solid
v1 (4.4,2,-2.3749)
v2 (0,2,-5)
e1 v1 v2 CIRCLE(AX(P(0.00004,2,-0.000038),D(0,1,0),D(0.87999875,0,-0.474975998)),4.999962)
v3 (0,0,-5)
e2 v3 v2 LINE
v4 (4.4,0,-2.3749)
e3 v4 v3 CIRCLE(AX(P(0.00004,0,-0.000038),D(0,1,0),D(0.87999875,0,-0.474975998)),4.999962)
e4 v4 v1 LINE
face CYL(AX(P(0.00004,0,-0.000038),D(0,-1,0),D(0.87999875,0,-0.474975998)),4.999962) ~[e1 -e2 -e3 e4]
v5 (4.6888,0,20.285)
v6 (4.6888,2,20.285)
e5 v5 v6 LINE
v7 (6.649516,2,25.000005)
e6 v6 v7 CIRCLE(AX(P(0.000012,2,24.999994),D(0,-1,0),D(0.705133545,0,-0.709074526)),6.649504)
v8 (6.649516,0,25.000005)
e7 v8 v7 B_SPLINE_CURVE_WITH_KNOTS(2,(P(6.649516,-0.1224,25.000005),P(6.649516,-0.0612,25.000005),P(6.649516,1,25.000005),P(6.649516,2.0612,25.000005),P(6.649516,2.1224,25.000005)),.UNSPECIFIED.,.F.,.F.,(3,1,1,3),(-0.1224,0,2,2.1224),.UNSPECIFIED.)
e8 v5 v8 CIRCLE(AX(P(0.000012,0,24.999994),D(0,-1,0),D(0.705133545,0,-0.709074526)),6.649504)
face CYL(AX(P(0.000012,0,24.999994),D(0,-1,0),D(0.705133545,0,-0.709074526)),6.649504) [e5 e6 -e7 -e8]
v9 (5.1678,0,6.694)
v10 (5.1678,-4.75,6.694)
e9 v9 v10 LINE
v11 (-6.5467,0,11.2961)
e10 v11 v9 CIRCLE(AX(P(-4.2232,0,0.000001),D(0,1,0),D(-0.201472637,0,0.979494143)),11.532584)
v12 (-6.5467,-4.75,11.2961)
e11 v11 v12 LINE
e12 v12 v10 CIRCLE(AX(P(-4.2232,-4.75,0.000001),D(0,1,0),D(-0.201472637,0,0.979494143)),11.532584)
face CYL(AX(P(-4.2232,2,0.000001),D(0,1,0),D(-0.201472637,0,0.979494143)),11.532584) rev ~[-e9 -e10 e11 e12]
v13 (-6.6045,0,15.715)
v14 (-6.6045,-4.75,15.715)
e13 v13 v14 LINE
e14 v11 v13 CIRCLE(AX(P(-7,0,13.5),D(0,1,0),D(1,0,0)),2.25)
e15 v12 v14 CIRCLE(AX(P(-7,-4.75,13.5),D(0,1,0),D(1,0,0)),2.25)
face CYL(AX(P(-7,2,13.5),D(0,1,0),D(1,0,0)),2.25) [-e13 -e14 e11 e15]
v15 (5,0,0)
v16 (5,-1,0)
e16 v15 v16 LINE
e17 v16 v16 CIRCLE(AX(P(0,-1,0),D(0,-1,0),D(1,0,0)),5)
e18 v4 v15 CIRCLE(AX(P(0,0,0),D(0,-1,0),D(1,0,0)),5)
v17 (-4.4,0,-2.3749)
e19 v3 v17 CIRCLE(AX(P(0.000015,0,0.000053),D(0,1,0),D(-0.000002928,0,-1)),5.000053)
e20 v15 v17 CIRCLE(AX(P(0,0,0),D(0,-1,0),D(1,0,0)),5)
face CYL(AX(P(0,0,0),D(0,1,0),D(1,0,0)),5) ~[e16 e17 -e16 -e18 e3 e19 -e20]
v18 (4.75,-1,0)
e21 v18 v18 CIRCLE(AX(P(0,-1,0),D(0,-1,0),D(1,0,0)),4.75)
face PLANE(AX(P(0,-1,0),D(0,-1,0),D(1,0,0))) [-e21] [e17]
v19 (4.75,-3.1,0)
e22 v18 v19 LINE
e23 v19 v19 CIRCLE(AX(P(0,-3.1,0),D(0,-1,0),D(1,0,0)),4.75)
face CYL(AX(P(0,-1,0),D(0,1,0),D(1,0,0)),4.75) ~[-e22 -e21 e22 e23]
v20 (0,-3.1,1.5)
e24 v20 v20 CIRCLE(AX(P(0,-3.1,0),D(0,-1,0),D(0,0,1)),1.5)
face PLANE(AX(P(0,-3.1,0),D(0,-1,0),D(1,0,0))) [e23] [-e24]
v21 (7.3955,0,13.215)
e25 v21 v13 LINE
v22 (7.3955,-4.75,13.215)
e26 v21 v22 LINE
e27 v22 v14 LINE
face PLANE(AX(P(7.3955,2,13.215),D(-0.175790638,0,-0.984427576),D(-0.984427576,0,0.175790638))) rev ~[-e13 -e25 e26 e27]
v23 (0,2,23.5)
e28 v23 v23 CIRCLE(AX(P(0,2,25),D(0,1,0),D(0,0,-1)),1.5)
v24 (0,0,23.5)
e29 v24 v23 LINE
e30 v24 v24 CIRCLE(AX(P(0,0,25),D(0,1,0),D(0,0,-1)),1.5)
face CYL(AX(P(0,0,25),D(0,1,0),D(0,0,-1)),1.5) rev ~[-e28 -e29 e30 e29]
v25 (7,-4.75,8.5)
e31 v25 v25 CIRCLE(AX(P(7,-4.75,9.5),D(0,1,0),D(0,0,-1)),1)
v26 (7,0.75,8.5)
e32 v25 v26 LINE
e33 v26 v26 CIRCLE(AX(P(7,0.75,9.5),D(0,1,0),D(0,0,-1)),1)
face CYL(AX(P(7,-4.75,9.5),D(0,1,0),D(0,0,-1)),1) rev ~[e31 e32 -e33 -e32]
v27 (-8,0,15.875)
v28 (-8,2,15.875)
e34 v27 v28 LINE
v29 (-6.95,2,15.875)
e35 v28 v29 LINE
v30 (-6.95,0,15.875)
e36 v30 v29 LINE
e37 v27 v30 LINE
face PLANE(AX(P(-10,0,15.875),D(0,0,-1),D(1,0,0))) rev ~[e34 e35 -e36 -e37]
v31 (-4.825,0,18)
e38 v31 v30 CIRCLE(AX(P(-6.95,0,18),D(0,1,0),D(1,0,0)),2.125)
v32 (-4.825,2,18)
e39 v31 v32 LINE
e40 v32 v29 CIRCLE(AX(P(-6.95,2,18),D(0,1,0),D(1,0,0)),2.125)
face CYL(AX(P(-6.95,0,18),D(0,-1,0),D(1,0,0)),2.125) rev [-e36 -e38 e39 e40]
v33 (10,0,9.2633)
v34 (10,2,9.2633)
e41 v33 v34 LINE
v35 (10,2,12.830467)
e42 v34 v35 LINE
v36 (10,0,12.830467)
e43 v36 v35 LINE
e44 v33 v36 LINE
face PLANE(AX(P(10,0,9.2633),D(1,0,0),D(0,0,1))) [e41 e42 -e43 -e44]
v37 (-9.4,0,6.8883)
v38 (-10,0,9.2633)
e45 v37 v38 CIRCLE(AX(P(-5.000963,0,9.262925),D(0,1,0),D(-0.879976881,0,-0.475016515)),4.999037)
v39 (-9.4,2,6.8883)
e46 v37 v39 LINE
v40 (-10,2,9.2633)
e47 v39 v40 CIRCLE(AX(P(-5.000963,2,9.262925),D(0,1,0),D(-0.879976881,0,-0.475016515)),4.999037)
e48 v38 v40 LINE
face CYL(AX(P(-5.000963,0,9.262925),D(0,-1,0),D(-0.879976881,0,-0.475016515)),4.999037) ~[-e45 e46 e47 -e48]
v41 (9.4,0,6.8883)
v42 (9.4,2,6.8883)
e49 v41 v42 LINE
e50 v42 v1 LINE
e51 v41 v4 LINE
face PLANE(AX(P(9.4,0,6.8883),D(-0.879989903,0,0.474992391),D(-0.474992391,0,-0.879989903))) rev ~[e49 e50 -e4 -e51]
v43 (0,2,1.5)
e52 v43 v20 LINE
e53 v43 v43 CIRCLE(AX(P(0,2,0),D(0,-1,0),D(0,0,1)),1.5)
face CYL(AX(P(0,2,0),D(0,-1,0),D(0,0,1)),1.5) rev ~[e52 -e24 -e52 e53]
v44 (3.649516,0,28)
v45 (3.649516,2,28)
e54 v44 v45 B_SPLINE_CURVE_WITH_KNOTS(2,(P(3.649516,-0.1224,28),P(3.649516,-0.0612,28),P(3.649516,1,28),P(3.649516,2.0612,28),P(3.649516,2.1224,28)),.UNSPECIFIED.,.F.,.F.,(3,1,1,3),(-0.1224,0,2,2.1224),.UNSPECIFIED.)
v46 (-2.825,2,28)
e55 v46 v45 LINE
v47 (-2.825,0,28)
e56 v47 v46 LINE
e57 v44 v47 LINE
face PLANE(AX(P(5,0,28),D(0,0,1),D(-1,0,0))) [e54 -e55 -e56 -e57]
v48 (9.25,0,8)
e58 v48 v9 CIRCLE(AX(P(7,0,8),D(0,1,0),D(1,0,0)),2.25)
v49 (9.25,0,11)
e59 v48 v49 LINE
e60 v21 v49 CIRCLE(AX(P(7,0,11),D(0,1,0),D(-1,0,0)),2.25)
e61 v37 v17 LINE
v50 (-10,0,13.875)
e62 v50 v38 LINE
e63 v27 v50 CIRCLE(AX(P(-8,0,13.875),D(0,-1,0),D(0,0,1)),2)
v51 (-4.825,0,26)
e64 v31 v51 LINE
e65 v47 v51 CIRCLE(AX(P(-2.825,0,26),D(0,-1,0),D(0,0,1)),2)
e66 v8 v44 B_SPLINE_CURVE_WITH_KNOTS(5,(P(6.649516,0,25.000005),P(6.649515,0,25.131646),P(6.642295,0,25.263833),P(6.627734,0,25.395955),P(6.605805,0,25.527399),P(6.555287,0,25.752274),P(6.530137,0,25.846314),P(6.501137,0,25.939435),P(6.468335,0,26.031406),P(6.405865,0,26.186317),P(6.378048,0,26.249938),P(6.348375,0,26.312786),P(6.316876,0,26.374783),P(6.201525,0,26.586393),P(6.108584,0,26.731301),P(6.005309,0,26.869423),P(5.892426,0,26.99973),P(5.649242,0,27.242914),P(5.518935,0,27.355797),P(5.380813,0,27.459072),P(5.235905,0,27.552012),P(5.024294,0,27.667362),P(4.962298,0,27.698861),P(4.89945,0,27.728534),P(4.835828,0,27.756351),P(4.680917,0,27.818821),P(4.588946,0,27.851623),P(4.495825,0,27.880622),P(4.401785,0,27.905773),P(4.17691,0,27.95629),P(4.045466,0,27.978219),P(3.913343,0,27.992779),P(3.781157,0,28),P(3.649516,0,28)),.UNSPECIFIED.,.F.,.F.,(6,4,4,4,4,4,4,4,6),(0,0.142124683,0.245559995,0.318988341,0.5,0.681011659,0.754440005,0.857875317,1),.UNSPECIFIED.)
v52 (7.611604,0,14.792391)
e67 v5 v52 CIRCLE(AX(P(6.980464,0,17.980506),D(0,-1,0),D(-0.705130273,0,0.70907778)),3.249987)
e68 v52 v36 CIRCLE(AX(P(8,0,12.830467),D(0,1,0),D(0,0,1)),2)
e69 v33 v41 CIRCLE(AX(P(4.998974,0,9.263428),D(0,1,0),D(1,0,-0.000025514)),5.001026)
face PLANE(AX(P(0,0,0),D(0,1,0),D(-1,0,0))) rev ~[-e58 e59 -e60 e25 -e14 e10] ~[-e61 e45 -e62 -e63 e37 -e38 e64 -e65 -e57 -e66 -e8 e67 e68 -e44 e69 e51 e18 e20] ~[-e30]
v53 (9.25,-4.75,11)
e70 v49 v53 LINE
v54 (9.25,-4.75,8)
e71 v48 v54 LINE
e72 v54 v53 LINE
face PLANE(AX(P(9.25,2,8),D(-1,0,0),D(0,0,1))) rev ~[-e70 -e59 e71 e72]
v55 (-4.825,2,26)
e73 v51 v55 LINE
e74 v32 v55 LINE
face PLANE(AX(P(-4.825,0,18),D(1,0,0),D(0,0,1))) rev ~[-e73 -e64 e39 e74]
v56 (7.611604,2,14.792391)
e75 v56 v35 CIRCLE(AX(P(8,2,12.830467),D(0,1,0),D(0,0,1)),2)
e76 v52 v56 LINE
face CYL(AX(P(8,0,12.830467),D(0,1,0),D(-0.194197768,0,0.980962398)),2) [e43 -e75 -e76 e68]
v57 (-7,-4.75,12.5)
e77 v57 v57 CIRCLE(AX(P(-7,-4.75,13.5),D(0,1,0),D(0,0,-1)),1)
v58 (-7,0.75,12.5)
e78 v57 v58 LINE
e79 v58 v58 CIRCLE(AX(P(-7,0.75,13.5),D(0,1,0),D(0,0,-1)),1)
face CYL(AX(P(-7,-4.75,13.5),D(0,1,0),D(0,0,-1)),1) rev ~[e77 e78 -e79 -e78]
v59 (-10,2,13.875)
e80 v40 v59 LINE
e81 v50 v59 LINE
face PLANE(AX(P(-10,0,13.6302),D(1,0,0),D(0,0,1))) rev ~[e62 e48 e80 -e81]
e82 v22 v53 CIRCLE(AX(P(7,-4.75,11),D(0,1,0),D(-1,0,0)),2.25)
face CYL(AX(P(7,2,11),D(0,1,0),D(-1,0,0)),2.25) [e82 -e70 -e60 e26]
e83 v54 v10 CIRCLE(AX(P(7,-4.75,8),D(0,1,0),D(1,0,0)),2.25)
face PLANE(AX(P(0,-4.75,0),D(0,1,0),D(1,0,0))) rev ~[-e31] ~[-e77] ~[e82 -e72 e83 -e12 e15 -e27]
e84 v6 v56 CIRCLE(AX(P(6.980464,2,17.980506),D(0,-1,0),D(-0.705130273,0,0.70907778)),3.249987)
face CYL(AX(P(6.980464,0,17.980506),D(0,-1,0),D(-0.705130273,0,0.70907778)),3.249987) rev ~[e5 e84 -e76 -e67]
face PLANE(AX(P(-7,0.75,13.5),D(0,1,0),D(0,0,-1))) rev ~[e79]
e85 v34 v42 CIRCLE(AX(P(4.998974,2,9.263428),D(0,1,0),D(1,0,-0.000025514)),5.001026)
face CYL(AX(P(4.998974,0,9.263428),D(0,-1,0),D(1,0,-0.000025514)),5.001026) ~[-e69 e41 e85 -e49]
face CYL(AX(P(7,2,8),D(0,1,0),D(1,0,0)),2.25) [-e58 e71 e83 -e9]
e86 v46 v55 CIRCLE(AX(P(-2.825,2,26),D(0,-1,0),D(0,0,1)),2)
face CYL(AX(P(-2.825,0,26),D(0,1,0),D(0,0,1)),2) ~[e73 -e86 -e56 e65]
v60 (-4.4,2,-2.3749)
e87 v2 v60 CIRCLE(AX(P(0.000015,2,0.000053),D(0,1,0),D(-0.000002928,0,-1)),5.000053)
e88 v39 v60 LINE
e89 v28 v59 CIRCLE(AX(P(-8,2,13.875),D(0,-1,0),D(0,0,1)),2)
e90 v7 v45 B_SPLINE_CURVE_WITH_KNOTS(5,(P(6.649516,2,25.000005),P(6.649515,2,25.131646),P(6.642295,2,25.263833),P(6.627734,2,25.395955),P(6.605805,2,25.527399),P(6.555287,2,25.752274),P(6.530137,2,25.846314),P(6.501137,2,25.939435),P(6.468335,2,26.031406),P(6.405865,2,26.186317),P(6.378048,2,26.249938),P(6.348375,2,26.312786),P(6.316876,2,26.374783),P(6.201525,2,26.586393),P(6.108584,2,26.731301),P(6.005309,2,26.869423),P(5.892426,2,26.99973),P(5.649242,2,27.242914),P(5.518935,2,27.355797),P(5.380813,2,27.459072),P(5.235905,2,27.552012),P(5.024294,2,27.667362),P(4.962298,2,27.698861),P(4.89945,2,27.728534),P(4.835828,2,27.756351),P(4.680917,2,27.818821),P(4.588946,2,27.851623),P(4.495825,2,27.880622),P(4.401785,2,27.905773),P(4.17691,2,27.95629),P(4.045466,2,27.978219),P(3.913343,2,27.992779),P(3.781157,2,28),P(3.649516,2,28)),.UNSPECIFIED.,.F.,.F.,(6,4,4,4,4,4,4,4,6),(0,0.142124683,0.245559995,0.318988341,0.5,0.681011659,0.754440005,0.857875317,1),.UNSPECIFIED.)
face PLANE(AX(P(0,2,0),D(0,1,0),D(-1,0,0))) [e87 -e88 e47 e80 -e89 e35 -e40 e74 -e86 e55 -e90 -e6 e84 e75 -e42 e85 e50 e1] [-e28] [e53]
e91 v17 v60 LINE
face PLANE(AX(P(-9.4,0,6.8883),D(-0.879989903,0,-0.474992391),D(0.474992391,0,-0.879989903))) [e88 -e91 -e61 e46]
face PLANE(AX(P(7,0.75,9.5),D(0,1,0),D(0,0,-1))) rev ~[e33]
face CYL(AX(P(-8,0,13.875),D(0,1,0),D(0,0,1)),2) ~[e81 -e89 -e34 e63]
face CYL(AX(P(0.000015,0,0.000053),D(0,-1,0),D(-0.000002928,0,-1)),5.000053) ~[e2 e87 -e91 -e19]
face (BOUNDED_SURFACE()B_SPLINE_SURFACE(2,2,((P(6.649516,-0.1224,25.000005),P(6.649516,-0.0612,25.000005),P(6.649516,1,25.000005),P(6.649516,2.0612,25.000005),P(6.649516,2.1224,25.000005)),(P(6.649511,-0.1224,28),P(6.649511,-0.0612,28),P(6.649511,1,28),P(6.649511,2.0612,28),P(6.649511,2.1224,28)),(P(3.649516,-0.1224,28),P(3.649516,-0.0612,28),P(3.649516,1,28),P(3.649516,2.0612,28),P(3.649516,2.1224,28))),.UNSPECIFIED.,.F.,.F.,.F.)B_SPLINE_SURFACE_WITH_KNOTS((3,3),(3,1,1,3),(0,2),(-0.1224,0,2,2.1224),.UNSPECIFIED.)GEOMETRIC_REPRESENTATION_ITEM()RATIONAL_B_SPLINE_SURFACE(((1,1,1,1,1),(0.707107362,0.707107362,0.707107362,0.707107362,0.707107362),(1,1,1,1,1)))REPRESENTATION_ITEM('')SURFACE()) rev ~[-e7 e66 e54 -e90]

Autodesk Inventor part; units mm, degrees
ref_plane "YZ Plane" through (0, 0, 0) normal (1, 0, 0) x (0, 1, 0)
ref_plane "XZ Plane" through (0, 0, 0) normal (0, 1, 0) x (-1, 0, 0)
ref_plane "XY Plane" through (0, 0, 0) normal (0, 0, 1) x (1, 0, 0)
sketch "Sketch1" plane through (0, 0, 0) normal (0, 1, 0) x (-1, 0, 0)
  arc A0 (0, -5) -> (4.4, -2.3749) centre (0, 0) ccw
  line L0 (0, 0) -> (0, 29.6022) construction
  line L1 (10, 9.2633) -> (10, 13.6302)
  line L2 (2.254, 28) -> (-1.8447, 28)
  line L3 (9.4, 6.8883) -> (4.4, -2.3749)
  arc A1 (9.4, 6.8883) -> (10, 9.2633) centre (5, 9.2633) ccw
  arc A2 (-4.4, -2.3749) -> (0, -5) centre (0, 0) ccw
  line L4 (-10, 9.2633) -> (-10, 23)
  line L5 (-5, 28) -> (-1.8447, 28)
  line L6 (-9.4, 6.8883) -> (-4.4, -2.3749)
  arc A3 (-10, 9.2633) -> (-9.4, 6.8883) centre (-5, 9.2633) ccw
  arc A4 (-5, 28) -> (-10, 23) centre (-5, 23) ccw
  arc A5 (4.825, 18) -> (6.95, 15.875) centre (6.95, 18) ccw
  line L7 (4.825, 18) -> (4.825, 28)
  line L8 (4.825, 28) -> (2.254, 28)
  line L9 (10, 13.6302) -> (10, 15.875)
  line L10 (10, 15.875) -> (6.95, 15.875)
  circle A6 centre (0, 0) radius 5
  point P0 (10, 28)
  point P1 (10, 8)
  point P2 (-10, 28)
  dimension "d0" = 10
  dimension "d3" = 10
  dimension "d4" = 28
  dimension "d26" = 8
  dimension "d27" = 5
  dimension "d48" = 5
  dimension "d51" = 3.05
  dimension "d52" = 10
  dimension "d53" = 4.25
extrude "Extrusion1" add sketch "Sketch1" along normal blind 2
sketch "Sketch3" plane through (0, 2, 0) normal (0, 1, 0) x (1, 0, 0)
  line L0 (0, 0) -> (0, -24.7147) construction
  line L1 (-4.825, -28) -> (5, -28) projected
  arc A0 (9.25, -8) -> (4.75, -8) centre (7, -8) ccw
  circle A1 centre (-7, -13.5) radius 2.25
  line L2 (7, -8) -> (7, -11) construction
  line L3 (9.25, -8) -> (9.25, -11)
  line L4 (4.75, -11) -> (4.75, -8)
  arc A2 (9.25, -8) -> (4.75, -8) centre (7, -8) ccw
  arc A3 (4.75, -11) -> (9.25, -11) centre (7, -11) ccw
  arc A4 (-6.5467, -11.2961) -> (5.1678, -6.694) centre (-4.2232, 0) ccw
  line L5 (7.3955, -13.215) -> (-6.6045, -15.715)
  point P0 (-4, -28)
  point P1 (-2.254, -28)
  point P2 (7, -9.5)
  dimension "d28" = 20
  dimension "d29" = 7
  dimension "d46" = 7
  dimension "d47" = 14.5
  dimension "d96" = 4.5
  dimension "d97" = 4.5
  dimension "d136" = 3
fillet "Fillet1" radius 2 2 edges at (-10, 1, 15.875) (-4.825, 1, 28)
sketch "Sketch4" plane through (0, 0, 0) normal (0, -1, 0) x (1, 0, 0)
  point P0 (0, 0)
  point P1 (0, 25)
  dimension "d37" = 25
hole "Hole4" at (0, 0, 25) direction (0, 1, 0) diameter 3 end through all
sketch "Sketch5" plane through (0, 0, 0) normal (0, -1, 0) x (1, 0, 0)
  circle A0 centre (0, 25) radius 1.5 projected
  circle A1 centre (0, 25) radius 1.5 projected
  arc A2 (-2.825, 28) -> (-4.825, 26) centre (-2.825, 26) ccw projected
  line L0 (-4.825, 26) -> (-4.825, 18) projected
  arc A3 (-6.95, 15.875) -> (-4.825, 18) centre (-6.95, 18) ccw projected
  line L1 (-6.95, 15.875) -> (-8, 15.875) projected
  arc A4 (-8, 15.875) -> (-10, 13.875) centre (-8, 13.875) ccw projected
  line L2 (-10, 13.875) -> (-10, 9.2633) projected
  arc A5 (-10, 9.2633) -> (-9.4, 6.8883) centre (-5, 9.2633) ccw projected
  line L3 (-9.4, 6.8883) -> (-4.4, -2.3749) projected
  arc A6 (-4.4, -2.3749) -> (4.4, -2.3749) centre (0, 0) ccw projected
  line L4 (4.4, -2.3749) -> (9.4, 6.8883) projected
  arc A7 (9.4, 6.8883) -> (10, 9.2633) centre (5, 9.2633) ccw projected
  line L5 (10, 9.2633) -> (10, 23) projected
  arc A8 (10, 23) -> (5, 28) centre (5, 23) ccw projected
  line L6 (5, 28) -> (-2.825, 28) projected
  circle A9 centre (0, 25) radius 9.8995 construction
  line L7 (0, 25) -> (17.632, 25) construction
  line L8 (0, 25) -> (13.9609, 10.961) construction
  arc A10 (4.6888, 20.285) -> (10, 16.7785) centre (6.9804, 17.9805) ccw
  arc A11 (4.6888, 20.285) -> (5.9826, 27.9025) centre (0, 25) ccw
  dimension "d55" = 19.799
  dimension "d56" = 45.16
  dimension "d57" = 6.5
extrude "Extrusion2" cut sketch "Sketch5" against normal through all contours A8 L5 A10 A11
fillet "Fillet2" radius 3 1 edges at (5.9826, 1, 27.9025)
fillet "Fillet3" radius 2 1 edges at (10, 1, 16.7785)
extrude "Extrusion5" add sketch "Sketch3" against normal blind 6.75
sketch "Sketch14" plane through (0, 0, 0) normal (0, -1, 0) x (1, 0, 0)
  circle A0 centre (0, 0) radius 5
  dimension "d123" = 10
extrude "Extrusion6" add sketch "Sketch14" along normal blind 1
sketch "Sketch15" plane through (0, -1, 0) normal (0, -1, 0) x (1, 0, 0)
  circle A0 centre (0, 0) radius 4.75
  dimension "d126" = 9.5
extrude "Extrusion7" add sketch "Sketch15" along normal blind 2.1
sketch "Sketch16" plane through (0, 2, 0) normal (0, 1, 0) x (1, 0, 0)
  point P0 (0, 0)
  point P1 (0, 0)
hole "Hole11" at (0, 2, 0) direction (0, -1, 0) diameter 3 end through all
sketch "Sketch17" plane through (0, -4.75, 0) normal (0, -1, 0) x (1, 0, 0)
  arc A0 (-6.6045, 15.715) -> (-6.5467, 11.2961) centre (-7, 13.5) ccw projected
  arc A1 (5.1678, 6.694) -> (-6.5467, 11.2961) centre (-4.2232, 0) ccw projected
  arc A2 (5.1678, 6.694) -> (9.25, 8) centre (7, 8) ccw projected
  line L0 (9.25, 8) -> (9.25, 11) projected
  arc A3 (9.25, 11) -> (7.3955, 13.215) centre (7, 11) ccw projected
  line L1 (7.3955, 13.215) -> (-6.6045, 15.715) projected
  line L2 (7, 8) -> (7, 11) construction
  point P0 (0, 0)
  point P1 (7, 9.5)
hole "mounting" at (7, -4.75, 9.5) at (-7, -4.75, 13.5) direction (0, 1, 0) diameter 2 depth 5.5
properties part number "phalanx_2_housing_R"
